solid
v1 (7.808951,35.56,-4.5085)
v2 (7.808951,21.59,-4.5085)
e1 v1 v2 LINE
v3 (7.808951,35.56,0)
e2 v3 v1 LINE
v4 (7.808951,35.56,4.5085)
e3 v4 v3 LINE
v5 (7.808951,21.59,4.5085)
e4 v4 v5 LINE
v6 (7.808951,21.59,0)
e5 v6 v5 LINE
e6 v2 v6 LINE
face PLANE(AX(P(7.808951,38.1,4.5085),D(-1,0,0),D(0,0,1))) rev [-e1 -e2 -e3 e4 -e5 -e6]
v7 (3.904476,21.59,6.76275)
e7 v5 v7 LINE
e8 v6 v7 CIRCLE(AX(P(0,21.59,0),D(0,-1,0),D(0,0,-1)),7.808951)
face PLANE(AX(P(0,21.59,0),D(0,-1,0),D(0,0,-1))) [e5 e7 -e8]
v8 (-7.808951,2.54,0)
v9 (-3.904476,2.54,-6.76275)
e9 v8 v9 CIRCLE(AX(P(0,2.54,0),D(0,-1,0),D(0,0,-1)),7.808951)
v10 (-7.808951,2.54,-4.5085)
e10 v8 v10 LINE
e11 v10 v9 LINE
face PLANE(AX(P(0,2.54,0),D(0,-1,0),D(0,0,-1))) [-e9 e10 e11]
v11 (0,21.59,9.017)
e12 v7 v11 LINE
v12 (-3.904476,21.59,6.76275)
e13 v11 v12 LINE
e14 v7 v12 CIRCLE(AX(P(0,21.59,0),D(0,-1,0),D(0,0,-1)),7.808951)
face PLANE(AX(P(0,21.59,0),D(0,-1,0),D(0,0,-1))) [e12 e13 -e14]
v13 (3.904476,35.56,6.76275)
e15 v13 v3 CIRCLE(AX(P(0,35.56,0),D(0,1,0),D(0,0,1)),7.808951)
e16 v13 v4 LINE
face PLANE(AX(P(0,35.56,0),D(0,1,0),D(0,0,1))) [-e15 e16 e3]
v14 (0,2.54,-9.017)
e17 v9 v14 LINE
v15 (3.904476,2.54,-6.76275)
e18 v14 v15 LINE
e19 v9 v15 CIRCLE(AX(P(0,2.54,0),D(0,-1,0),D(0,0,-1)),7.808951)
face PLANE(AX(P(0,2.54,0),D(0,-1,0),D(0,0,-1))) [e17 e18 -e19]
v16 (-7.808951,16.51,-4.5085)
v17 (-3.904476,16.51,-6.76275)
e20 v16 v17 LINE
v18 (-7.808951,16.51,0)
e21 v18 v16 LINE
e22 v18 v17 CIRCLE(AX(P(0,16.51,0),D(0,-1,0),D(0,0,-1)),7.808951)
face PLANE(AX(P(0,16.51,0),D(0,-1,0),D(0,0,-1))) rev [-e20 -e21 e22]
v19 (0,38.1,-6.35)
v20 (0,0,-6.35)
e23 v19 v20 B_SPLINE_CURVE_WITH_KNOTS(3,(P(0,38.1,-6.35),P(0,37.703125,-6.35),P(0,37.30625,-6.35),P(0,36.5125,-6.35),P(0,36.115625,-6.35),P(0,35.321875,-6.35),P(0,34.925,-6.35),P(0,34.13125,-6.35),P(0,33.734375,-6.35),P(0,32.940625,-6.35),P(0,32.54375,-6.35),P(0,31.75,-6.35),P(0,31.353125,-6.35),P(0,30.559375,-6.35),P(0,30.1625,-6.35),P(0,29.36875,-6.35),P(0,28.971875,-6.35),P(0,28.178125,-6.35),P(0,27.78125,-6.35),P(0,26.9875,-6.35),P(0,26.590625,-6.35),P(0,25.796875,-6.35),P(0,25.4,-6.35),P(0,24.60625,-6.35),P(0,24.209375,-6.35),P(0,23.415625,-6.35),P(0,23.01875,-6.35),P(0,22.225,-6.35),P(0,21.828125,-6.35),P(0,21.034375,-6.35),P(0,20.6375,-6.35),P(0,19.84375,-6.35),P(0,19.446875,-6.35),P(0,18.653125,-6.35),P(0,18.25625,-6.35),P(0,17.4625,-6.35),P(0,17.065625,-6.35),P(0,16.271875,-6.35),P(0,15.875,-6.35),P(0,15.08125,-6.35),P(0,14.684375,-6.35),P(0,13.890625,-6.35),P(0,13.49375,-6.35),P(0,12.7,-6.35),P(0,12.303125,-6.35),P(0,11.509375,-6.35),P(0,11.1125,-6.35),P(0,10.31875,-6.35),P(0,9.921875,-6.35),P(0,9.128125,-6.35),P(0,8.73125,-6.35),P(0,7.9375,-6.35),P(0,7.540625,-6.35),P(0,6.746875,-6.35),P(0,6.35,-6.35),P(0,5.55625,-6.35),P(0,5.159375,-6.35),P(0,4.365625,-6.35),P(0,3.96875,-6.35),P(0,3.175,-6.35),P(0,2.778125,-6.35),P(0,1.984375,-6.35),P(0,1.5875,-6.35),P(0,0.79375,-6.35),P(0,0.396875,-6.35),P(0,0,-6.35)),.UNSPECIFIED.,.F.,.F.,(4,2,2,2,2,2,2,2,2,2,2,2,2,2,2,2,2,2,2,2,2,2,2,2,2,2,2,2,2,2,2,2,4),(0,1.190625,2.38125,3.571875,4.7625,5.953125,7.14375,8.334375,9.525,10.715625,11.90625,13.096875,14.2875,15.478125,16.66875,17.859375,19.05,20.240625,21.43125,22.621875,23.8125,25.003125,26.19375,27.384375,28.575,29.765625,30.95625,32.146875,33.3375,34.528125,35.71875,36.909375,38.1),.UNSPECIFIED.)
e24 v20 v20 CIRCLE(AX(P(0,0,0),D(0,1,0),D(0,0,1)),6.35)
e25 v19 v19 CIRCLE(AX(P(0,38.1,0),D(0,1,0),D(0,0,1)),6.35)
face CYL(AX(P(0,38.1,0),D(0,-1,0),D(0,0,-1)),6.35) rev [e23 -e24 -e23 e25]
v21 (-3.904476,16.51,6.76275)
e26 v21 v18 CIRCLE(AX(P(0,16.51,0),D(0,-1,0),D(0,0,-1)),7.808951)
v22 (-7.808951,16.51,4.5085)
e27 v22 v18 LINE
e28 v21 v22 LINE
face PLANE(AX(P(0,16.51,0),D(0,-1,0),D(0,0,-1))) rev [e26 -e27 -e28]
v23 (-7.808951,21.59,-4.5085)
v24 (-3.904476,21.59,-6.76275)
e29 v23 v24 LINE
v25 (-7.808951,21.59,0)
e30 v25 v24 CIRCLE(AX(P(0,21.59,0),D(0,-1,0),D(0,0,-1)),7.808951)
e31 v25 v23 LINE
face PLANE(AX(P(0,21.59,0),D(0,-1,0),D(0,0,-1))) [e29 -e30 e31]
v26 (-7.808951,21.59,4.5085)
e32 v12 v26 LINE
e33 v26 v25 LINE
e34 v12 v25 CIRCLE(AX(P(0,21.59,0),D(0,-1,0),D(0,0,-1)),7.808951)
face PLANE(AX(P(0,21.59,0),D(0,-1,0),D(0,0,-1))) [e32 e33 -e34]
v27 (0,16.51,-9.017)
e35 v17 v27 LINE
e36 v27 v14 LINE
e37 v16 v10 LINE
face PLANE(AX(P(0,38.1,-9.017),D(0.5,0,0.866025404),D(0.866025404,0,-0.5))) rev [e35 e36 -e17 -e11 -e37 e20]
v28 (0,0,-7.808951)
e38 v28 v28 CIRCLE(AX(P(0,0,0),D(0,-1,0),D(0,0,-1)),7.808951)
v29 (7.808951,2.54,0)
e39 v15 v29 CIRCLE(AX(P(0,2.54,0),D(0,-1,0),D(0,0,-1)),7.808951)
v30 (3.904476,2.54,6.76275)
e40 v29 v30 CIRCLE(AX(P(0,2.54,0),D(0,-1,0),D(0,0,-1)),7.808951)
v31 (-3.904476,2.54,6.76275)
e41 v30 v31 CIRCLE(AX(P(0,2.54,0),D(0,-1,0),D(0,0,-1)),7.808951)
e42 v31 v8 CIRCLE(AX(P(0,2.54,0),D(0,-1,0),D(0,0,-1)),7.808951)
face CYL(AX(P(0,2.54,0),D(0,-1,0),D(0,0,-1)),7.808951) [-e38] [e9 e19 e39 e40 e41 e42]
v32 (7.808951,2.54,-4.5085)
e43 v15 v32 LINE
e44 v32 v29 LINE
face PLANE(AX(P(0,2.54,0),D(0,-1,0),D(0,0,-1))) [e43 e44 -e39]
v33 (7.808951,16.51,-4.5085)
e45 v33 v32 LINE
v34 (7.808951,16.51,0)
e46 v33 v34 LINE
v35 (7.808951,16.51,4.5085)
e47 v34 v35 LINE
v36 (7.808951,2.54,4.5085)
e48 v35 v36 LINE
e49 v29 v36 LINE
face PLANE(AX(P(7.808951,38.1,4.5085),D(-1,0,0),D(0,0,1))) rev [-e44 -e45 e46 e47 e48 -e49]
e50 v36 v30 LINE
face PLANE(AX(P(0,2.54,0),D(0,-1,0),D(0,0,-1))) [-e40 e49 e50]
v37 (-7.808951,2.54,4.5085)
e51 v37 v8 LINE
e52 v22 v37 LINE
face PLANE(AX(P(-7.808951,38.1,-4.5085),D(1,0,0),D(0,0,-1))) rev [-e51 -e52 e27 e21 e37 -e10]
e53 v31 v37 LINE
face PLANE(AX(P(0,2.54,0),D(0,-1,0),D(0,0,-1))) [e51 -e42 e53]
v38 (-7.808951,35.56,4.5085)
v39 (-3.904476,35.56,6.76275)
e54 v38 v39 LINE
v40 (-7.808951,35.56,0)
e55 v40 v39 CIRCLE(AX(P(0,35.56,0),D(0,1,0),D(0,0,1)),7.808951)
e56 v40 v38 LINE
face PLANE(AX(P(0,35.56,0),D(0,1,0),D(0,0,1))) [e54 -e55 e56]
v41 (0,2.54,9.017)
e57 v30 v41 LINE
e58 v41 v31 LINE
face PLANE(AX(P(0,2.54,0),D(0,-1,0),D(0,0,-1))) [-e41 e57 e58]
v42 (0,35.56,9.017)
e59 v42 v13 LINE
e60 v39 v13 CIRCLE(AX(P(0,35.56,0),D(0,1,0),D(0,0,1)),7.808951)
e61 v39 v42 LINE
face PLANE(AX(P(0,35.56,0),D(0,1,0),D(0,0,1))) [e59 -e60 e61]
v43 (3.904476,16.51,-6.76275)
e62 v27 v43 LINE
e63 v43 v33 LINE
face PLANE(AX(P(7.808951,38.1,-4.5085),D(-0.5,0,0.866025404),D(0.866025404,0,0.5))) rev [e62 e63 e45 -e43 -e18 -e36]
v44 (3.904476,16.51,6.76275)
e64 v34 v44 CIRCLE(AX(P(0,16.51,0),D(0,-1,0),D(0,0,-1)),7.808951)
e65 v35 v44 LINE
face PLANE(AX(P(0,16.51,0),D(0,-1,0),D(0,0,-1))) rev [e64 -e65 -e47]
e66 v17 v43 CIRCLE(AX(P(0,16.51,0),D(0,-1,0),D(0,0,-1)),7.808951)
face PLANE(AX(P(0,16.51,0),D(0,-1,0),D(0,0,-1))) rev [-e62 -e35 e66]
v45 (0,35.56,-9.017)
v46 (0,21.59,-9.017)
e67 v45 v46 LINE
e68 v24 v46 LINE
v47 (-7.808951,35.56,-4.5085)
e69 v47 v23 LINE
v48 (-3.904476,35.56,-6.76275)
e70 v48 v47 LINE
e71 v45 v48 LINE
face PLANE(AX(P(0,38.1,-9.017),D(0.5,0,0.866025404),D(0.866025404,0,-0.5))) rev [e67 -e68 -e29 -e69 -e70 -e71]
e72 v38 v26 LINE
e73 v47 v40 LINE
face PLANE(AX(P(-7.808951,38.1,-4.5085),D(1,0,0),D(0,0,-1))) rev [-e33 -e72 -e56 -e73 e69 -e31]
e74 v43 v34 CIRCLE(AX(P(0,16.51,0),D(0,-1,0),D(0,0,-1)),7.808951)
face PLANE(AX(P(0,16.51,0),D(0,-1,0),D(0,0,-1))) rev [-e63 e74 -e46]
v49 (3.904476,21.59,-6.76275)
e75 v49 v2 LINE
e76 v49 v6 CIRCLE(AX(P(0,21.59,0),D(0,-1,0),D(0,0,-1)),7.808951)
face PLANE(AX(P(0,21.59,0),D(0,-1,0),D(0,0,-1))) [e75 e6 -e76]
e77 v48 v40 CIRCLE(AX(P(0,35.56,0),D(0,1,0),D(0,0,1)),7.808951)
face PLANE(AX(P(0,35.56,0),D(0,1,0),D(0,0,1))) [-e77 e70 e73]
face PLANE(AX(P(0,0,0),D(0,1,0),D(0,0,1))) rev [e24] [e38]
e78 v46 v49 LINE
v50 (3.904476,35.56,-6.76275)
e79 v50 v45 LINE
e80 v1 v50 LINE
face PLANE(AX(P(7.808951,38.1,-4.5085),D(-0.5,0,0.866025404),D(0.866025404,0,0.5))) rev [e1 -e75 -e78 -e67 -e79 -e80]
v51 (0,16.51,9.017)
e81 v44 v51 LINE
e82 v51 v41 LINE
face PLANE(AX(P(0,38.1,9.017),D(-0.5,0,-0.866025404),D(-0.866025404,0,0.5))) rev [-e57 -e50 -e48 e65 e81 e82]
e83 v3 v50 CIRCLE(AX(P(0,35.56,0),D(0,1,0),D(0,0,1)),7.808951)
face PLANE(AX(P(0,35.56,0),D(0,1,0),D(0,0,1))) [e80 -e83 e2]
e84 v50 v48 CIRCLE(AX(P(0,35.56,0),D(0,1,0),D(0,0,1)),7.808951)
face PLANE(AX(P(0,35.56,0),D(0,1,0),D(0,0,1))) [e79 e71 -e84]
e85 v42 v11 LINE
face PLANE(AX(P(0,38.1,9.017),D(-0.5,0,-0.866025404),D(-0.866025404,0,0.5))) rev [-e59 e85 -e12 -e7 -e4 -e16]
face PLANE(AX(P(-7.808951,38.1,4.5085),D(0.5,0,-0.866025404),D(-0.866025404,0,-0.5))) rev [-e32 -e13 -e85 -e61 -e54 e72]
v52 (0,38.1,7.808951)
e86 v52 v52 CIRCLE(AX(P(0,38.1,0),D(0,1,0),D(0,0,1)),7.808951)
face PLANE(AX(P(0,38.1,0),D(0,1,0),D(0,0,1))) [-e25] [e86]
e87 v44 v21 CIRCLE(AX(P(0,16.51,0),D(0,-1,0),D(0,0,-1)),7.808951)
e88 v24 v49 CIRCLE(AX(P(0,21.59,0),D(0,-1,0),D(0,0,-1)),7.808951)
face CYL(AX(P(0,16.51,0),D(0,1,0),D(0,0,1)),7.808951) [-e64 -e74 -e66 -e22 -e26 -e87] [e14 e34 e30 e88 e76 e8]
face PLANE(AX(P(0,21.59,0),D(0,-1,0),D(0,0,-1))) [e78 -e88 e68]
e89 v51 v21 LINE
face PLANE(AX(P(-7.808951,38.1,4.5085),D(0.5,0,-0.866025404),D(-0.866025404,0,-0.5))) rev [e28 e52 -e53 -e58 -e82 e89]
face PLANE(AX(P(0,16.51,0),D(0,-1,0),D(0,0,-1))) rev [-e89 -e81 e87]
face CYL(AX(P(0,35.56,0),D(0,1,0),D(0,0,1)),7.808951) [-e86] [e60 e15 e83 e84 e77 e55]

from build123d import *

# Parameters (mm, degrees)
SKETCH1_R               = 6.35
BOSS_EXTRUDE1_DEPTH     = 38.1
CUT_EXTRUDE1_DEPTH      = 2.54
CUT_EXTRUDE2_START      = -2.54
CUT_EXTRUDE2_DEPTH      = 2.54
CUT_EXTRUDE3_DEPTH      = 2.54
CUT_EXTRUDE3_DEPTH_BACK = 2.54
SKETCH5_R               = 11.357347969
SKETCH5_R_2             = 7.808951066


with BuildPart() as part:
    # Sketch1 → Boss-Extrude1 (new body)
    with BuildSketch(Plane(origin=(0, 0, 0), x_dir=(1, 0, 0), z_dir=(0, 1, 0))):
        Polygon((0, 9.017), (-7.808951066, 4.5085), (-7.808951066, -4.5085), (0, -9.017), (7.808951066, -4.5085), (7.808951066, 4.5085), align=None)
        with Locations(Location((0, 0, 0), (0, 0, 90))):
            Circle(SKETCH1_R, mode=Mode.SUBTRACT)
    extrude(amount=BOSS_EXTRUDE1_DEPTH)

    # Sketch3 → Cut-Extrude1 (cut)
    with BuildSketch(Plane.XZ):
        with BuildLine():
            Line((7.808951066, -4.5085), (7.808951066, 0))
            ThreePointArc((7.808951066, 0), (6.762749987, -3.904475555), (3.904475488, -6.762750026))
            Line((3.904475488, -6.762750026), (7.808951066, -4.5085))
        make_face()
        with BuildLine():
            ThreePointArc((3.904475554, 6.762749988), (6.762750006, 3.904475522), (7.808951066, 0))
            Line((7.808951066, 0), (7.808951066, 4.5085))
            Line((7.808951066, 4.5085), (3.904475554, 6.762749988))
        make_face()
        with BuildLine():
            ThreePointArc((-3.904475468, 6.762750038), (5e-08, 7.808951066), (3.904475554, 6.762749988))
            Line((3.904475554, 6.762749988), (0, 9.017))
            Line((0, 9.017), (-3.904475468, 6.762750038))
        make_face()
        with BuildLine():
            Line((0, -9.017), (3.904475488, -6.762750026))
            ThreePointArc((3.904475488, -6.762750026), (-3.8e-08, -7.808951066), (-3.904475554, -6.762749988))
            Line((-3.904475554, -6.762749988), (0, -9.017))
        make_face()
        with BuildLine():
            ThreePointArc((-7.808951066, 1.5e-08), (-6.762749977, 3.904475572), (-3.904475468, 6.762750038))
            Line((-3.904475468, 6.762750038), (-7.808951066, 4.5085))
            Line((-7.808951066, 4.5085), (-7.808951066, 1.5e-08))
        make_face()
        with BuildLine():
            Line((-7.808951066, -4.5085), (-3.904475554, -6.762749988))
            ThreePointArc((-3.904475554, -6.762749988), (-6.76275001, -3.904475516), (-7.808951066, 1.5e-08))
            Line((-7.808951066, 1.5e-08), (-7.808951066, -4.5085))
        make_face()
    extrude(amount=-CUT_EXTRUDE1_DEPTH, mode=Mode.SUBTRACT)

    # Sketch4 → Cut-Extrude2 (cut)
    with BuildSketch(Plane(origin=(0, 38.1, 0), x_dir=(1, 0, 0), z_dir=(0, 1, 0)).offset(CUT_EXTRUDE2_START)):
        with BuildLine():
            Line((-7.808951066, -4.5085), (-3.904475554, -6.762749988))
            ThreePointArc((-3.904475554, -6.762749988), (-6.762750002, -3.904475529), (-7.808951066, -1.5e-08))
            Line((-7.808951066, -1.5e-08), (-7.808951066, -4.5085))
        make_face()
        with BuildLine():
            Line((0, -9.017), (3.904475554, -6.762749988))
            ThreePointArc((3.904475554, -6.762749988), (0, -7.808951066), (-3.904475554, -6.762749988))
            Line((-3.904475554, -6.762749988), (0, -9.017))
        make_face()
        with BuildLine():
            ThreePointArc((-7.808951066, -1.5e-08), (-6.76275001, 3.904475516), (-3.904475554, 6.762749988))
            Line((-3.904475554, 6.762749988), (-7.808951066, 4.5085))
            Line((-7.808951066, 4.5085), (-7.808951066, -1.5e-08))
        make_face()
        with BuildLine():
            ThreePointArc((-3.904475554, 6.762749988), (-5e-08, 7.808951066), (3.904475468, 6.762750038))
            Line((3.904475468, 6.762750038), (0, 9.017))
            Line((0, 9.017), (-3.904475554, 6.762749988))
        make_face()
        with BuildLine():
            ThreePointArc((3.904475468, 6.762750038), (6.762749981, 3.904475566), (7.808951066, 0))
            Line((7.808951066, 0), (7.808951066, 4.5085))
            Line((7.808951066, 4.5085), (3.904475468, 6.762750038))
        make_face()
        with BuildLine():
            Line((7.808951066, -4.5085), (7.808951066, 0))
            ThreePointArc((7.808951066, 0), (6.762750006, -3.904475522), (3.904475554, -6.762749988))
            Line((3.904475554, -6.762749988), (7.808951066, -4.5085))
        make_face()
    extrude(amount=CUT_EXTRUDE2_DEPTH, mode=Mode.SUBTRACT)

    # Sketch5 → Cut-Extrude3 (cut, two sides: drawn at the far end of the back side and taken through both)
    with BuildSketch(Plane(origin=(0, 19.05, 0), x_dir=(-1, 0, 0), z_dir=(0, -1, 0)).offset(-CUT_EXTRUDE3_DEPTH_BACK)):
        Circle(SKETCH5_R)
        with Locations(Location((0, 0, 0), (0, 0, 90))):
            Circle(SKETCH5_R_2, mode=Mode.SUBTRACT)
    extrude(amount=CUT_EXTRUDE3_DEPTH + CUT_EXTRUDE3_DEPTH_BACK, mode=Mode.SUBTRACT)


solid = part.part
